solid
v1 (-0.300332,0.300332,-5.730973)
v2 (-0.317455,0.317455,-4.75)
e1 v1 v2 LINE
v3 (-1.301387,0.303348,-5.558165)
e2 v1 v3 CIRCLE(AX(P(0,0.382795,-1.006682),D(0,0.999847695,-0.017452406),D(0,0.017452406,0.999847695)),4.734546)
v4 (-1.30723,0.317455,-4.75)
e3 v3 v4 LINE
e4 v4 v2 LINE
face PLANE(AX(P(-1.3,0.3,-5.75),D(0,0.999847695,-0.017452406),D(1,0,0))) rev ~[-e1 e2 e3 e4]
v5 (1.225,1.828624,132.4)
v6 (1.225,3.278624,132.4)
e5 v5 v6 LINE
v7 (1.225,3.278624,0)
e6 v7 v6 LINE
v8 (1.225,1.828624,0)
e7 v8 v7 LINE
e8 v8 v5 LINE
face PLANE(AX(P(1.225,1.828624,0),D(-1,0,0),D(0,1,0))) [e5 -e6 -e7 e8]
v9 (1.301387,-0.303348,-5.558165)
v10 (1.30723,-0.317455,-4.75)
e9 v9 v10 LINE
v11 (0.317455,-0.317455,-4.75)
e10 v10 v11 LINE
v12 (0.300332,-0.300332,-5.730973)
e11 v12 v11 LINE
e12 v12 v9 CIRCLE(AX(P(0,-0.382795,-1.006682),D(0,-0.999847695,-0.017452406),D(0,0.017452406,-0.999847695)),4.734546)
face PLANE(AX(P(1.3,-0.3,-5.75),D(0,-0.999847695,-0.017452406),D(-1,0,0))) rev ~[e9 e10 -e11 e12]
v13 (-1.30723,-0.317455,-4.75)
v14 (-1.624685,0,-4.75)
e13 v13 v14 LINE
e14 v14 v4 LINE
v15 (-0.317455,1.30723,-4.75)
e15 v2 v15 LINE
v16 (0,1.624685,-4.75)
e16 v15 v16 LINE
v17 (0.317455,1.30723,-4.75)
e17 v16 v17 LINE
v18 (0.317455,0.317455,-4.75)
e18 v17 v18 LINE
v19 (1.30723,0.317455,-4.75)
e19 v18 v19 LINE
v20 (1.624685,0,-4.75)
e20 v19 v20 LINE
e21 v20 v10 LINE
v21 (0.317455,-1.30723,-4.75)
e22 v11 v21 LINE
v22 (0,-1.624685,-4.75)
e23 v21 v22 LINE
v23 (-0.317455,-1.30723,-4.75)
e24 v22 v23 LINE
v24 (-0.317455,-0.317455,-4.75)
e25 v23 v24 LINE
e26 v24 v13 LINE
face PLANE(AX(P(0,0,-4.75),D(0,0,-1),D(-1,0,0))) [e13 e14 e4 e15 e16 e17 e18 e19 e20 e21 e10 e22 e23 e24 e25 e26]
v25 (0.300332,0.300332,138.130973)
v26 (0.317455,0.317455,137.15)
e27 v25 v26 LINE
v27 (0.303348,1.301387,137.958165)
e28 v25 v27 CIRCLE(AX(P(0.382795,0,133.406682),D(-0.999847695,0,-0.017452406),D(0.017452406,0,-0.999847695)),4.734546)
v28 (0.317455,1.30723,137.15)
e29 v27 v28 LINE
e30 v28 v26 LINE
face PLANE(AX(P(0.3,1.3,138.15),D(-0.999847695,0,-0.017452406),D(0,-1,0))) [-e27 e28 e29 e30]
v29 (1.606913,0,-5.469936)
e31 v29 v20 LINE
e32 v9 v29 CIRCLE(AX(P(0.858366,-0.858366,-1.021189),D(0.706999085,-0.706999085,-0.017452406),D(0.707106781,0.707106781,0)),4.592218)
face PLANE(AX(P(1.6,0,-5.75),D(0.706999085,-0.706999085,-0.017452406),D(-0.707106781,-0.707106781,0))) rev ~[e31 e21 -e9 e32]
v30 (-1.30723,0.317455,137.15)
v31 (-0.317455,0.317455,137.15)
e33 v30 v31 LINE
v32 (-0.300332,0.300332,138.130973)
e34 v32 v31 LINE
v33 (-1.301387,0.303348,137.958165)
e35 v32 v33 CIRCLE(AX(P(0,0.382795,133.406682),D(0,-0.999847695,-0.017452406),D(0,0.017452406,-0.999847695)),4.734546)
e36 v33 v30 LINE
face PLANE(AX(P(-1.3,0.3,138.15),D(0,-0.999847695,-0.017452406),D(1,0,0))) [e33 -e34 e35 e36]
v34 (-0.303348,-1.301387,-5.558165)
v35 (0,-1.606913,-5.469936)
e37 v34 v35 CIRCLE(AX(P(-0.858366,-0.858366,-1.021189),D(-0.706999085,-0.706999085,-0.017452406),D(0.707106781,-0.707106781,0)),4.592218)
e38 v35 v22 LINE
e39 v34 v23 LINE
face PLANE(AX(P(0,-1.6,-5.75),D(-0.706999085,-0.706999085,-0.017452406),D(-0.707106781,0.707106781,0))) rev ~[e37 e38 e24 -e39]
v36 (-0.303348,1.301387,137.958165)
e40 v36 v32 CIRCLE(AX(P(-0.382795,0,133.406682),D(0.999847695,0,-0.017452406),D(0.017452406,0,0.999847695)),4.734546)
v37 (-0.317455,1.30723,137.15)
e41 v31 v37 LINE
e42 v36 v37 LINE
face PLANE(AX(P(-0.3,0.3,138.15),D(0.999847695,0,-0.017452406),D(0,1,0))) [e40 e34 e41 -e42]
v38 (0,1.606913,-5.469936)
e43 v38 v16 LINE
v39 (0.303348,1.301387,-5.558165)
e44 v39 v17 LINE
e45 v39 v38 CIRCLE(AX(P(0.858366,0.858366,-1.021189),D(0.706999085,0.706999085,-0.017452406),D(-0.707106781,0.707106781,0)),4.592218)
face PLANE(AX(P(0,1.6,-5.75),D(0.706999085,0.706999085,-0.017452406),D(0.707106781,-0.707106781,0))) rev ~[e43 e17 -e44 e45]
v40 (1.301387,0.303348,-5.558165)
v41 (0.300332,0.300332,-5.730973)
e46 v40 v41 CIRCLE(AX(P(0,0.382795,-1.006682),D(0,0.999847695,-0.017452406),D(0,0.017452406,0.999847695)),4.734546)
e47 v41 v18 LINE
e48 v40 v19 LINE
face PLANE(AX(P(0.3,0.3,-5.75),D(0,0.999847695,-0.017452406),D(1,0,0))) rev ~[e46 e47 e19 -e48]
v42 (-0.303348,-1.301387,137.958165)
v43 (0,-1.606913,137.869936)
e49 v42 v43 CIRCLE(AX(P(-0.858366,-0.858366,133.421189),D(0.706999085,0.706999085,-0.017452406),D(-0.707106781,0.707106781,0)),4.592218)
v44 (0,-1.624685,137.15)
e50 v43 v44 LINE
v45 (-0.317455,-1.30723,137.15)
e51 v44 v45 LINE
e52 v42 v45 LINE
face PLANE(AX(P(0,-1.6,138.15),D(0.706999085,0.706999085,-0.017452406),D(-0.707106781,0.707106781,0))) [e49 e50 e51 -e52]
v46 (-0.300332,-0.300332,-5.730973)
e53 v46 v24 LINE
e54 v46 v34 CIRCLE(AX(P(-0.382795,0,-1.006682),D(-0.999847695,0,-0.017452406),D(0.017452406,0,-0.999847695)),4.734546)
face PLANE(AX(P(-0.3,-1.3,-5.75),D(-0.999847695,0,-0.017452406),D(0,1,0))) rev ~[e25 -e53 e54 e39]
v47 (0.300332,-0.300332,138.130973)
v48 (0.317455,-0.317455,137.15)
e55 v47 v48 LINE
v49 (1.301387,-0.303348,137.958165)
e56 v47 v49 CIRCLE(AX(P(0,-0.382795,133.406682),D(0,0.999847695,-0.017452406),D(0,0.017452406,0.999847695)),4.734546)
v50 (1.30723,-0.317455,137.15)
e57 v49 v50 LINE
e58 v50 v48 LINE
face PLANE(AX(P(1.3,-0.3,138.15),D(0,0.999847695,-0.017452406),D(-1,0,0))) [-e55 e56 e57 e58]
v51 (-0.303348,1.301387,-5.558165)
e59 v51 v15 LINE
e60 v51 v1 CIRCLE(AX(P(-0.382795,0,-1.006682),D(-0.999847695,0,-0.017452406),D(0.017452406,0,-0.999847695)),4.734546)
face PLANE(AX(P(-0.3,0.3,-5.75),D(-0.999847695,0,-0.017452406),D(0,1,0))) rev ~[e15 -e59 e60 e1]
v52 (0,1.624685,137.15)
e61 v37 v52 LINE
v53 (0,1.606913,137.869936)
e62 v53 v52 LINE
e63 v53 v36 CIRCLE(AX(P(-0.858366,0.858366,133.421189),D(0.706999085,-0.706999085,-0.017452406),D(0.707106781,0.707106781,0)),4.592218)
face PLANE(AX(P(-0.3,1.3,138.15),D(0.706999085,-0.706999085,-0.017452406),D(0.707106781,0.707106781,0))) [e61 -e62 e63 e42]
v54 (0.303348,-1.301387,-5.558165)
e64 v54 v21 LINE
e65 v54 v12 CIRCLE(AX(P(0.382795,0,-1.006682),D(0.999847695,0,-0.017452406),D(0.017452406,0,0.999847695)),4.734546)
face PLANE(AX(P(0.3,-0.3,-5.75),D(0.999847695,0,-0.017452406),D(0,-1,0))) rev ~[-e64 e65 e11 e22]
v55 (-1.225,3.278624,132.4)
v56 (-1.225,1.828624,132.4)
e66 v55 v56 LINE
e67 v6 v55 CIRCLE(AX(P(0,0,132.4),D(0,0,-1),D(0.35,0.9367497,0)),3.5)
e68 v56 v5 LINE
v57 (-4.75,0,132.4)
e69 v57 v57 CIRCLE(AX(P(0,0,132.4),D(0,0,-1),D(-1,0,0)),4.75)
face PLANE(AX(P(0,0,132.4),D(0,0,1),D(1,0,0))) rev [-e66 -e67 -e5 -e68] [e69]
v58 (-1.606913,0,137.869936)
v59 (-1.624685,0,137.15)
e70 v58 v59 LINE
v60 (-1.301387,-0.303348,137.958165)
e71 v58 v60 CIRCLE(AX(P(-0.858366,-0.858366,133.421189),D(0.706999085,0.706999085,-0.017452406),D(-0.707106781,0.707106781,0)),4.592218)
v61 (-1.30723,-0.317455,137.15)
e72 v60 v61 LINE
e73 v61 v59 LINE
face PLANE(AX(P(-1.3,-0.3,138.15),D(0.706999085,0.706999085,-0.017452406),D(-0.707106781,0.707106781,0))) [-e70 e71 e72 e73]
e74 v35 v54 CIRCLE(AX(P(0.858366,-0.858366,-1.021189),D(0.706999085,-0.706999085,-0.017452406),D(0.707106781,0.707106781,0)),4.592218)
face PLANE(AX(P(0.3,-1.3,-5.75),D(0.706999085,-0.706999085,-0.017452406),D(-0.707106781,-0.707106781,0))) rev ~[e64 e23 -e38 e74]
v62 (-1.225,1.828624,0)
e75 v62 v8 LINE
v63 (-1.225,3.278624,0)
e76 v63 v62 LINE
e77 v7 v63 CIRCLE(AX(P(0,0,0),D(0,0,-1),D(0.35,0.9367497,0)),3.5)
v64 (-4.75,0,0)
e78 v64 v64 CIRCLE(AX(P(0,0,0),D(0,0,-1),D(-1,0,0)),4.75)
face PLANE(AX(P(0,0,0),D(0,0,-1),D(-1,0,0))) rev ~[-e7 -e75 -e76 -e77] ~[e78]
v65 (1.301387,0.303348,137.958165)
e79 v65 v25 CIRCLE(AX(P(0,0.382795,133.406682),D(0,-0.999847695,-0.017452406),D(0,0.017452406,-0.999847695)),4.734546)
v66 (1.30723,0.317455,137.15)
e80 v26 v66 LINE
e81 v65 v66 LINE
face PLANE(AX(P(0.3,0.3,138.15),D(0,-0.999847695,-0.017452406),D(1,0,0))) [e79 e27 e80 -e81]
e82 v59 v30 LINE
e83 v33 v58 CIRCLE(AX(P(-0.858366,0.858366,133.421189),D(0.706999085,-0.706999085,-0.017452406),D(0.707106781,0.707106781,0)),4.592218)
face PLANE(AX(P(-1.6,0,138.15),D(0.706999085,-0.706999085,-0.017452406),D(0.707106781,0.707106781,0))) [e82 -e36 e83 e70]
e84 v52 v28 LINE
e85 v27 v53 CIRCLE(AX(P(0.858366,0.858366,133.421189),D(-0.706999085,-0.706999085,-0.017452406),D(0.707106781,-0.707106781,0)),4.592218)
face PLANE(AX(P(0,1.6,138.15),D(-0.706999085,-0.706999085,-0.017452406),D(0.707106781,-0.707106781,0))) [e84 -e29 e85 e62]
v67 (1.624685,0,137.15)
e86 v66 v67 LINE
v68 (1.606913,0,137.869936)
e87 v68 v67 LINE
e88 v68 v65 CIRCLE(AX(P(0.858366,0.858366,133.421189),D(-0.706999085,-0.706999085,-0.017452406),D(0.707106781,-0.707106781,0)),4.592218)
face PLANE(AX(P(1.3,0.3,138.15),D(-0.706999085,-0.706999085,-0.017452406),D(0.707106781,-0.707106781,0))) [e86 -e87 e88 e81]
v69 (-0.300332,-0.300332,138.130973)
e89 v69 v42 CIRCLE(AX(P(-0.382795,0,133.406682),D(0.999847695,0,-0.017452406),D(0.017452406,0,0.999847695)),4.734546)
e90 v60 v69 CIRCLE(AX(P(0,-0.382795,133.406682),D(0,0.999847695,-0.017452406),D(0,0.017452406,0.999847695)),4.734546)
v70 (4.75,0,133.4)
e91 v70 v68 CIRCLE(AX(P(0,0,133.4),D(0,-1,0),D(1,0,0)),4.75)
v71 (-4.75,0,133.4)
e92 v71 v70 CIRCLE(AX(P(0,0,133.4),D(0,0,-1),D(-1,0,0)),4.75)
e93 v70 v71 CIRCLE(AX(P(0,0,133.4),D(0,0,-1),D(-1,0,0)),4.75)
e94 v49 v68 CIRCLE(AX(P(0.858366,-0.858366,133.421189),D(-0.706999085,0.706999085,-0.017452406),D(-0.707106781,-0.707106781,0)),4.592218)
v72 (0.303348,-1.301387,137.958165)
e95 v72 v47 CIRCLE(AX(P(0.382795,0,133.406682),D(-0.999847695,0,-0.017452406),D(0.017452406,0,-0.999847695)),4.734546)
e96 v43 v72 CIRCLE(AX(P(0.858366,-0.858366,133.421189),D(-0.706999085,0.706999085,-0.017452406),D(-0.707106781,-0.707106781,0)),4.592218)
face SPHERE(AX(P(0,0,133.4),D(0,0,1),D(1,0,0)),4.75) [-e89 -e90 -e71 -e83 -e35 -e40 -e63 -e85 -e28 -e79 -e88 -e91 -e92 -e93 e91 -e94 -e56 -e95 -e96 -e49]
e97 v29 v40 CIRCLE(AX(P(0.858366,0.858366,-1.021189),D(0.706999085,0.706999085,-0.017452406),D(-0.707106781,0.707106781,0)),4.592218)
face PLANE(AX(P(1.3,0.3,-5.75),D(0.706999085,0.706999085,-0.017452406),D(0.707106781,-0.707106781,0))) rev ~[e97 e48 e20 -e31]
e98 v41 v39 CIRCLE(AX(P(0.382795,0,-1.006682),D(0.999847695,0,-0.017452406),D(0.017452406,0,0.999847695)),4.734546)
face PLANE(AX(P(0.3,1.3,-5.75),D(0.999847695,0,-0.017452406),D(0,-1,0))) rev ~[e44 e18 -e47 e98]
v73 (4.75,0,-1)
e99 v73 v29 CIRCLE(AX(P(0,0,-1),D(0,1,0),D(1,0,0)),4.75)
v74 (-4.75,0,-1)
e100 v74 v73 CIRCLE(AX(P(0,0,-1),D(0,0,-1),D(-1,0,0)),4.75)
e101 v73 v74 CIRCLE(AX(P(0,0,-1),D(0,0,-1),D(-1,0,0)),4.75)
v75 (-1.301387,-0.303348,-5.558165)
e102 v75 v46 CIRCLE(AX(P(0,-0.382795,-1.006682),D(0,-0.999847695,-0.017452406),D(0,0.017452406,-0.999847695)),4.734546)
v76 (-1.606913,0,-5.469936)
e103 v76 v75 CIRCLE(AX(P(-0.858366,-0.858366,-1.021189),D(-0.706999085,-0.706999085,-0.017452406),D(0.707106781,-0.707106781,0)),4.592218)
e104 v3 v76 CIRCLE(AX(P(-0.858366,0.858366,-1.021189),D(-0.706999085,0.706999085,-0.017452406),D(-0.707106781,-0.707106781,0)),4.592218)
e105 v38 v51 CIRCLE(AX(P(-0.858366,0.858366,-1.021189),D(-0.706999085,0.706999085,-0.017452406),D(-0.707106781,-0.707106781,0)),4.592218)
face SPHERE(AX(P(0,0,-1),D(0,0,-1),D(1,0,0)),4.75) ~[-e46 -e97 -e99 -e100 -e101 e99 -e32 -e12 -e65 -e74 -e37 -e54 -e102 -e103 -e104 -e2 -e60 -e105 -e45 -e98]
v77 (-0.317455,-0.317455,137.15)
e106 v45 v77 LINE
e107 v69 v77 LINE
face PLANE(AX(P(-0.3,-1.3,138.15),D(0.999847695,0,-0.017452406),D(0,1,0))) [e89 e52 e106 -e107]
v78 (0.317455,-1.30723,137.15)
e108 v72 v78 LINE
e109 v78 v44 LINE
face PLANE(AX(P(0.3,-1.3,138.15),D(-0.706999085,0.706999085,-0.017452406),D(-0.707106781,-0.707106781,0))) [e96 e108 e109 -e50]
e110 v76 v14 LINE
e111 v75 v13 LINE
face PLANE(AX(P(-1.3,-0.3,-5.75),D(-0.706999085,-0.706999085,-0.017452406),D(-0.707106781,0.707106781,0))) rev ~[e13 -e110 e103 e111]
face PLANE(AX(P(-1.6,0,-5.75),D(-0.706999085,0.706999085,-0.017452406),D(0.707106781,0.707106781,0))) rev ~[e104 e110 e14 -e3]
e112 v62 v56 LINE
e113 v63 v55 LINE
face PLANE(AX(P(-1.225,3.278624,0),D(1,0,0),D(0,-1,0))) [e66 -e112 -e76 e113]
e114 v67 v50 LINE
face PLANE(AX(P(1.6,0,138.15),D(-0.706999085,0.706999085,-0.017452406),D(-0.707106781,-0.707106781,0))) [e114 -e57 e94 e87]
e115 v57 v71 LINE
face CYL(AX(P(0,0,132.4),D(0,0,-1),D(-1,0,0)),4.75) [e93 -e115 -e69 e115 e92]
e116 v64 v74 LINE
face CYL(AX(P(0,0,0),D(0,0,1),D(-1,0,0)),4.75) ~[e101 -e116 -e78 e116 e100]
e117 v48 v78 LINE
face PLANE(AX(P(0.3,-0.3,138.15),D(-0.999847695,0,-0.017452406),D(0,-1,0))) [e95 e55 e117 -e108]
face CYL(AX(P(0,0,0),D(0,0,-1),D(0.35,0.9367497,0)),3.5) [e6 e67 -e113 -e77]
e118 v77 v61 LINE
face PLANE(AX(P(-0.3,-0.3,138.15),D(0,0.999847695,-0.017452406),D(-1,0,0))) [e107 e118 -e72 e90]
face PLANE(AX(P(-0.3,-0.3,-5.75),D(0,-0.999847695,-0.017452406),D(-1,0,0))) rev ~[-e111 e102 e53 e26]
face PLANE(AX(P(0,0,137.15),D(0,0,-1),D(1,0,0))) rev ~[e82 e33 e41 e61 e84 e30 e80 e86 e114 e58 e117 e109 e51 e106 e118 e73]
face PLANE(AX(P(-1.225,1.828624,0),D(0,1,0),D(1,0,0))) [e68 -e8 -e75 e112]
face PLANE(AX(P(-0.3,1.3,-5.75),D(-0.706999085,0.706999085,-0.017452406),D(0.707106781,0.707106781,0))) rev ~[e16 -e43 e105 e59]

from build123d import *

# Parameters (mm, degrees)
BOSS_EXTRUDE1_DEPTH  = 132.4
SKETCH3_R            = 4.75
BOSS_EXTRUDE2_DEPTH  = 1
CUT_EXTRUDE1_DEPTH   = 1
CUT_EXTRUDE1_DRAFT   = 1
MIRROR1_COPY_1_DEPTH = 1
MIRROR1_COPY_1_DRAFT = 1


with BuildPart() as part:
    # Sketch2 → Boss-Extrude1 (new body)
    with BuildSketch(Plane.XY):
        with BuildLine():
            Line((-1.225, 1.828623949), (1.225, 1.828623949))
            Line((1.225, 1.828623949), (1.225, 3.278623949))
            ThreePointArc((1.225, 3.278623949), (0, -3.5), (-1.225, 3.278623949))
            Line((-1.225, 3.278623949), (-1.225, 1.828623949))
        make_face()
    extrude(amount=BOSS_EXTRUDE1_DEPTH)

    # Sketch3 → Boss-Extrude2 (add)
    with BuildSketch(Plane(origin=(0, 0, 0), x_dir=(-1, 0, 0), z_dir=(0, 0, -1))):
        Circle(SKETCH3_R)
    boss_extrude2 = extrude(amount=BOSS_EXTRUDE2_DEPTH)

    # Sketch4 → Revolve1 (revolve)
    with BuildSketch(Plane(origin=(0, 0, 0), x_dir=(1, 0, 0), z_dir=(0, 1, 0))):
        with BuildLine():
            Line((0, 1), (4.75, 1))
            ThreePointArc((4.75, 1), (3.358757211, 4.358757211), (0, 5.75))
            Line((0, 5.75), (0, 1))
        make_face()
    revolve1 = revolve(axis=Axis((0, 0, -5.75), (0, 0, 1)))


with BuildPart() as cut_extrude1_tool:
    # Sketch5 → Cut-Extrude1 (with draft: the straight prism first)
    with BuildSketch(Plane(origin=(0, 0, -5.75), x_dir=(-1, 0, 0), z_dir=(0, 0, -1))):
        Polygon((0, 1.6), (-0.3, 1.3), (-0.3, 0.3), (-1.3, 0.3), (-1.6, 0), (-1.3, -0.3), (-0.3, -0.3), (-0.3, -1.3), (0, -1.6), (0.3, -1.3), (0.3, -0.3), (1.3, -0.3), (1.6, 0), (1.3, 0.3), (0.3, 0.3), (0.3, 1.3), align=None)
    extrude(amount=-CUT_EXTRUDE1_DEPTH)
    # Cut-Extrude1: the draft: its side faces are tilted about the plane it starts from
    cut_extrude1_sides = [cut_extrude1_tool.faces().sort_by_distance(p)[0] for p in [
        (0.15, 1.45, -5.25),
        (0.3, 0.8, -5.25),
        (0.8, 0.3, -5.25),
        (1.45, 0.15, -5.25),
        (1.45, -0.15, -5.25),
        (0.8, -0.3, -5.25),
        (0.3, -0.8, -5.25),
        (0.15, -1.45, -5.25),
        (-0.15, -1.45, -5.25),
        (-0.3, -0.8, -5.25),
        (-0.8, -0.3, -5.25),
        (-1.45, -0.15, -5.25),
        (-1.45, 0.15, -5.25),
        (-0.8, 0.3, -5.25),
        (-0.3, 0.8, -5.25),
        (-0.15, 1.45, -5.25),
    ]]
    draft(cut_extrude1_sides, Plane(origin=(0, 0, -5.75), x_dir=(-1, 0, 0), z_dir=(0, 0, -1)), CUT_EXTRUDE1_DRAFT)


with BuildPart() as part_1:
    add(part.part)

    # Cut-Extrude1: cut by cut_extrude1_tool
    add(cut_extrude1_tool.part, mode=Mode.SUBTRACT)

    # Mirror1: Boss-Extrude2, Revolve1 across plane
    add(boss_extrude2.mirror(Plane.XY.offset(66.2)))
    add(revolve1.mirror(Plane.XY.offset(66.2)))


with BuildPart() as mirror1_copy_1_tool:
    # Mirror1 copy 1 sketch → Mirror1 copy 1 (with draft: the straight prism first)
    with BuildSketch(Plane(origin=(0, 0, 138.15), x_dir=(-1, 0, 0), z_dir=(0, 0, 1))):
        Polygon((0, -1.6), (-0.3, -1.3), (-0.3, -0.3), (-1.3, -0.3), (-1.6, 0), (-1.3, 0.3), (-0.3, 0.3), (-0.3, 1.3), (0, 1.6), (0.3, 1.3), (0.3, 0.3), (1.3, 0.3), (1.6, 0), (1.3, -0.3), (0.3, -0.3), (0.3, -1.3), align=None)
    extrude(amount=-MIRROR1_COPY_1_DEPTH)
    # Mirror1 copy 1: the draft: its side faces are tilted about the plane it starts from
    mirror1_copy_1_sides = [mirror1_copy_1_tool.faces().sort_by_distance(p)[0] for p in [
        (0.15, 1.45, 137.65),
        (0.3, 0.8, 137.65),
        (0.8, 0.3, 137.65),
        (1.45, 0.15, 137.65),
        (1.45, -0.15, 137.65),
        (0.8, -0.3, 137.65),
        (0.3, -0.8, 137.65),
        (0.15, -1.45, 137.65),
        (-0.15, -1.45, 137.65),
        (-0.3, -0.8, 137.65),
        (-0.8, -0.3, 137.65),
        (-1.45, -0.15, 137.65),
        (-1.45, 0.15, 137.65),
        (-0.8, 0.3, 137.65),
        (-0.3, 0.8, 137.65),
        (-0.15, 1.45, 137.65),
    ]]
    draft(mirror1_copy_1_sides, Plane(origin=(0, 0, 138.15), x_dir=(-1, 0, 0), z_dir=(0, 0, 1)), MIRROR1_COPY_1_DRAFT)


with BuildPart() as part_2:
    add(part_1.part)

    # Mirror1 copy 1: cut by mirror1_copy_1_tool
    add(mirror1_copy_1_tool.part, mode=Mode.SUBTRACT)


solid = part_2.part
